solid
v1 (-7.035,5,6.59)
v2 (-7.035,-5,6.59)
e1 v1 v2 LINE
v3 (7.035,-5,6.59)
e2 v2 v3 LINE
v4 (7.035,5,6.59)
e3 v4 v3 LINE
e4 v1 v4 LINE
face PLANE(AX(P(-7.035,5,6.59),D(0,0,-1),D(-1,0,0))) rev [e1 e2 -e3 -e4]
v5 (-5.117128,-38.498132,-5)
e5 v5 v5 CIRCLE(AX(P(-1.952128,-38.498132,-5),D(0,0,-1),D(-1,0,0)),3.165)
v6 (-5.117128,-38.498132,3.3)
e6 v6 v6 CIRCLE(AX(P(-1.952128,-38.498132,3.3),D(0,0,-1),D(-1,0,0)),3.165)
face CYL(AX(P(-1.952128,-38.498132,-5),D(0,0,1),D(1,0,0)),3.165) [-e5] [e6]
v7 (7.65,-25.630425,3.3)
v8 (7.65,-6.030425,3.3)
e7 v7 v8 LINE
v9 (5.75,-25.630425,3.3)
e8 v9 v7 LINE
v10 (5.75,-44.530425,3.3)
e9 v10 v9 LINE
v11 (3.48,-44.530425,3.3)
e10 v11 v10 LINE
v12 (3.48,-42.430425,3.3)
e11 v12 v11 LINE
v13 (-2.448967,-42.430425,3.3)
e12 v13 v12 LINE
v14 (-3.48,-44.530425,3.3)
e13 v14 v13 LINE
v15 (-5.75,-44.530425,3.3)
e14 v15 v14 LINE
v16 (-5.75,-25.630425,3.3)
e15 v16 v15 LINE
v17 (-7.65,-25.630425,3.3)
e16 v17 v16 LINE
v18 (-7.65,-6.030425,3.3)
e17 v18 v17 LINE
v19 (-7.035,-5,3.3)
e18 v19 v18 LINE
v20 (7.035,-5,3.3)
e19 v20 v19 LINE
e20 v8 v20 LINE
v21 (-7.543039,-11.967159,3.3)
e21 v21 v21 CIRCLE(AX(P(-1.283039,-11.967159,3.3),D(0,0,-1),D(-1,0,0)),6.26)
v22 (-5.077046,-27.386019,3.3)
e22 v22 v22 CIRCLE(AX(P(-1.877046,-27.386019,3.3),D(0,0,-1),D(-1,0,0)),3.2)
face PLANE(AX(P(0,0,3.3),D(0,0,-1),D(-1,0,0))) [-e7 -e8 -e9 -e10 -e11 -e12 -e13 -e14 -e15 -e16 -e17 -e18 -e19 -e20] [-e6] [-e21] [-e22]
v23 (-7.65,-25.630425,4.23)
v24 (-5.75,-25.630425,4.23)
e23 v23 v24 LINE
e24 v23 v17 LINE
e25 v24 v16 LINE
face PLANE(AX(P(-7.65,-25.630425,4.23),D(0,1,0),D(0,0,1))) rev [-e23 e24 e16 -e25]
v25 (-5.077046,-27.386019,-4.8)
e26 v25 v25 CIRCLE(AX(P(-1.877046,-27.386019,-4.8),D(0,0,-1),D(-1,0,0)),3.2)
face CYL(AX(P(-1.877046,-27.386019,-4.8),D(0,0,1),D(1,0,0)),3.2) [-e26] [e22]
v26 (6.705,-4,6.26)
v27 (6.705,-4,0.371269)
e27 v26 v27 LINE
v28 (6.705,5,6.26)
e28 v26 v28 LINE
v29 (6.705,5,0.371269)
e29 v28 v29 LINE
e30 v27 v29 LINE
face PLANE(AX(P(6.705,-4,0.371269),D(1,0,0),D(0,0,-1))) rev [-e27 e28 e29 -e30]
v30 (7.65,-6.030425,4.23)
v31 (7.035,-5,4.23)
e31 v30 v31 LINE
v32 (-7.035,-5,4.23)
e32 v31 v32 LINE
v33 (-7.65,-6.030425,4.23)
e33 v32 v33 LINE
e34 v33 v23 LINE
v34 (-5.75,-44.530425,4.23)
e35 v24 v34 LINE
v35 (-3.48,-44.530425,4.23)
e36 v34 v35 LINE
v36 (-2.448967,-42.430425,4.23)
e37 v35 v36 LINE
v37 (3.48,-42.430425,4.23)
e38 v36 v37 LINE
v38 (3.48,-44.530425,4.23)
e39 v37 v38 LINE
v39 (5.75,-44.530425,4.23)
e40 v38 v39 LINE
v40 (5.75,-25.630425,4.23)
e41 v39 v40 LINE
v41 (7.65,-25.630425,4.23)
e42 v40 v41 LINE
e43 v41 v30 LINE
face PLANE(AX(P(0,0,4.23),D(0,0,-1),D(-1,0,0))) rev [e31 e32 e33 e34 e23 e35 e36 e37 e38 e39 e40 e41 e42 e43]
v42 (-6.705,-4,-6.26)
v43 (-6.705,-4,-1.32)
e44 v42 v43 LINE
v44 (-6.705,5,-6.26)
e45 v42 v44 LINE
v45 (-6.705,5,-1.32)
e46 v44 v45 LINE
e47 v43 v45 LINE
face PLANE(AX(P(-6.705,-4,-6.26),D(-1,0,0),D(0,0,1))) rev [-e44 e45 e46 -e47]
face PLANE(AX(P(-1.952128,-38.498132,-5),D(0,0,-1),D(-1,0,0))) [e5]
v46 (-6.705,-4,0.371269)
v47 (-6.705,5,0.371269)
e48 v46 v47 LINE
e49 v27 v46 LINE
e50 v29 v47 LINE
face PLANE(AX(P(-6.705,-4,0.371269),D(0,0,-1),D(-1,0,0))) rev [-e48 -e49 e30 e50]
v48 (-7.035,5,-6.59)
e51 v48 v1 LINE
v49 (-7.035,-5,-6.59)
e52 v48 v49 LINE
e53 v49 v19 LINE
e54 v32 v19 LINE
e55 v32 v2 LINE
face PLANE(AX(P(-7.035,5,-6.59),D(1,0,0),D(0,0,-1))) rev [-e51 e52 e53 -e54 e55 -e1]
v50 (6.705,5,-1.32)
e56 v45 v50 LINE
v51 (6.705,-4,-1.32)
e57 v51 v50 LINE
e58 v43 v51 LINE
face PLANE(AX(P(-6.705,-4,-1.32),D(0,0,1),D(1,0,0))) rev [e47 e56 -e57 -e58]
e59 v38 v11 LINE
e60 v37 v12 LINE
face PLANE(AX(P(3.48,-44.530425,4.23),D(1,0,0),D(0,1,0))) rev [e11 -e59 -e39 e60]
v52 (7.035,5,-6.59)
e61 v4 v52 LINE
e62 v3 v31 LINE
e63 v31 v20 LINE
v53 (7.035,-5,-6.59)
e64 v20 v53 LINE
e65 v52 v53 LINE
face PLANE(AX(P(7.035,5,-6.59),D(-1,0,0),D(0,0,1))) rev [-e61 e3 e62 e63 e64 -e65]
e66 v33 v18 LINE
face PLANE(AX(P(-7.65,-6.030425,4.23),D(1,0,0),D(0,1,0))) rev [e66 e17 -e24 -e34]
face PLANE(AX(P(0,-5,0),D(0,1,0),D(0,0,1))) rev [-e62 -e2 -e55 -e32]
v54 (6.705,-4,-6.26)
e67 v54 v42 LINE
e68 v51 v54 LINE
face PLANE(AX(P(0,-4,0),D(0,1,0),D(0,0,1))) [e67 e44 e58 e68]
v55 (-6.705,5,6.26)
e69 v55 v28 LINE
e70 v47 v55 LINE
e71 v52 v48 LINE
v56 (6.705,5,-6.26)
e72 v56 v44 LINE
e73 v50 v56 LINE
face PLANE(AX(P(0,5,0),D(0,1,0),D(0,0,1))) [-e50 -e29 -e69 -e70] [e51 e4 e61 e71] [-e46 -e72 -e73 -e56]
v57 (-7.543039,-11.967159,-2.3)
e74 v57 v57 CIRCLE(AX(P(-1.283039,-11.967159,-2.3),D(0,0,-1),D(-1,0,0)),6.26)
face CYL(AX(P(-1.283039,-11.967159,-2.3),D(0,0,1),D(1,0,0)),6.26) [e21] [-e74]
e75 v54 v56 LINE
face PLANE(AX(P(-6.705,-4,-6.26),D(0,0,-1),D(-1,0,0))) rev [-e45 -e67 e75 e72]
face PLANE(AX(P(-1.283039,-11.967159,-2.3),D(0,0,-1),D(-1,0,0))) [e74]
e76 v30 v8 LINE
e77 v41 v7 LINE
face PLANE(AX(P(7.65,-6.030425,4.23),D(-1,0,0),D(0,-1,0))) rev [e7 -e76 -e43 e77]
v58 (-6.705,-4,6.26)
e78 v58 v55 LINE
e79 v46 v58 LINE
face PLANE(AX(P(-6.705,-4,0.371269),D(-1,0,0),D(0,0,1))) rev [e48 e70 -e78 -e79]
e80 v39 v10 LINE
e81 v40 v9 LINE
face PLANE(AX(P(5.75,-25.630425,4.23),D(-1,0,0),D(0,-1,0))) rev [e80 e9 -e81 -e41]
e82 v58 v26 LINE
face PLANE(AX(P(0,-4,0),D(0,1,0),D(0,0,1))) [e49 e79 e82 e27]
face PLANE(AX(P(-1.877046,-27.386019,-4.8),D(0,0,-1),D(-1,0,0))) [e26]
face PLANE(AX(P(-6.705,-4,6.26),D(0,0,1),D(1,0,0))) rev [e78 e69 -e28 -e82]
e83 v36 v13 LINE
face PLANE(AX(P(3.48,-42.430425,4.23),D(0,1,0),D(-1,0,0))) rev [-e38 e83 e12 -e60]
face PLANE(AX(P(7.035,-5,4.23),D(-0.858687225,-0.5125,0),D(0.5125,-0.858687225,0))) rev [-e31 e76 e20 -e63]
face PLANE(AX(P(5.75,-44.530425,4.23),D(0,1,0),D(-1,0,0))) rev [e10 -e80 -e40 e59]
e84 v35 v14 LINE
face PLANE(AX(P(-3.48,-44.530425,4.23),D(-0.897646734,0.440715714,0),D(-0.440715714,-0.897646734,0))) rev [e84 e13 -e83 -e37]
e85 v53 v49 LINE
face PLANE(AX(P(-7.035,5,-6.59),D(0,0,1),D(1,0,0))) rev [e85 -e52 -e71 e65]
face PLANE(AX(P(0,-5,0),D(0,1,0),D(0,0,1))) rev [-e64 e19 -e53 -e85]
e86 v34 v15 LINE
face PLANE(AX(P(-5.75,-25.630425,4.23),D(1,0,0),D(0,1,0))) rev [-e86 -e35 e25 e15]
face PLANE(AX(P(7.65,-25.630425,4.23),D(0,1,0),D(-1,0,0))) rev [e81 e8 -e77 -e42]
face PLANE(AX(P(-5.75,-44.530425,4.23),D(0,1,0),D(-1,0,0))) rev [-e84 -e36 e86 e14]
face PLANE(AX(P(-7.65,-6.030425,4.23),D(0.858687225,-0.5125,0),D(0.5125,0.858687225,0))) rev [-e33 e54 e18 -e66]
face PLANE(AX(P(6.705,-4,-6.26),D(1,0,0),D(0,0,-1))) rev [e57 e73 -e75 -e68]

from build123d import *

# Parameters (mm, degrees)
SKETCH1_W           = 14.07
SKETCH1_H           = 13.18
BOSS_EXTRUDE1_DEPTH = 5
SKETCH2_W           = 13.41
SKETCH2_H           = 4.94
SKETCH2_H_2         = 5.888730893
CUT_EXTRUDE1_DEPTH  = 9
BOSS_EXTRUDE2_START = 3.3
BOSS_EXTRUDE2_DEPTH = 0.93
BOSS_EXTRUDE3_START = 3.3
SKETCH5_R           = 6.26
BOSS_EXTRUDE3_DEPTH = 5.6
BOSS_EXTRUDE4_START = 3.3
SKETCH7_R           = 3.2
BOSS_EXTRUDE4_DEPTH = 8.1
BOSS_EXTRUDE5_START = 3.3
SKETCH8_R           = 3.165
BOSS_EXTRUDE5_DEPTH = 8.3


with BuildPart() as part:
    # Sketch1 → Boss-Extrude1 (new body, symmetric)
    with BuildSketch(Plane(origin=(0, 0, 0), x_dir=(1, 0, 0), z_dir=(0, 1, 0))):
        Rectangle(SKETCH1_W, SKETCH1_H)
    extrude(amount=BOSS_EXTRUDE1_DEPTH, both=True)

    # Sketch2 → Cut-Extrude1 (cut)
    with BuildSketch(Plane(origin=(0, 5, 0), x_dir=(1, 0, 0), z_dir=(0, 1, 0))):
        with Locations((0, 3.79)):
            Rectangle(SKETCH2_W, SKETCH2_H)
        with Locations((0, -3.315634554)):
            Rectangle(SKETCH2_W, SKETCH2_H_2)
    extrude(amount=-CUT_EXTRUDE1_DEPTH, mode=Mode.SUBTRACT)

    # Sketch3 → Boss-Extrude2 (add)
    with BuildSketch(Plane.XY.offset(BOSS_EXTRUDE2_START)):
        Polygon((7.035, -5), (7.65, -6.03042467), (7.65, -25.63042467), (5.75, -25.63042467), (5.75, -44.53042467), (3.48, -44.53042467), (3.48, -42.43042467), (-2.448967454, -42.43042467), (-3.48, -44.53042467), (-5.75, -44.53042467), (-5.75, -25.63042467), (-7.65, -25.63042467), (-7.65, -6.03042467), (-7.035, -5), align=None)
    extrude(amount=BOSS_EXTRUDE2_DEPTH)

    # Sketch5 → Boss-Extrude3 (add)
    with BuildSketch(Plane.XY.offset(BOSS_EXTRUDE3_START)):
        with Locations((-1.283039212, -11.96715887)):
            Circle(SKETCH5_R)
    extrude(amount=-BOSS_EXTRUDE3_DEPTH)

    # Sketch7 → Boss-Extrude4 (add)
    with BuildSketch(Plane.XY.offset(BOSS_EXTRUDE4_START)):
        with Locations((-1.877046038, -27.386019249)):
            Circle(SKETCH7_R)
    extrude(amount=-BOSS_EXTRUDE4_DEPTH)

    # Sketch8 → Boss-Extrude5 (add)
    with BuildSketch(Plane.XY.offset(BOSS_EXTRUDE5_START)):
        with Locations((-1.952127879, -38.498131793)):
            Circle(SKETCH8_R)
    extrude(amount=-BOSS_EXTRUDE5_DEPTH)


solid = part.part
